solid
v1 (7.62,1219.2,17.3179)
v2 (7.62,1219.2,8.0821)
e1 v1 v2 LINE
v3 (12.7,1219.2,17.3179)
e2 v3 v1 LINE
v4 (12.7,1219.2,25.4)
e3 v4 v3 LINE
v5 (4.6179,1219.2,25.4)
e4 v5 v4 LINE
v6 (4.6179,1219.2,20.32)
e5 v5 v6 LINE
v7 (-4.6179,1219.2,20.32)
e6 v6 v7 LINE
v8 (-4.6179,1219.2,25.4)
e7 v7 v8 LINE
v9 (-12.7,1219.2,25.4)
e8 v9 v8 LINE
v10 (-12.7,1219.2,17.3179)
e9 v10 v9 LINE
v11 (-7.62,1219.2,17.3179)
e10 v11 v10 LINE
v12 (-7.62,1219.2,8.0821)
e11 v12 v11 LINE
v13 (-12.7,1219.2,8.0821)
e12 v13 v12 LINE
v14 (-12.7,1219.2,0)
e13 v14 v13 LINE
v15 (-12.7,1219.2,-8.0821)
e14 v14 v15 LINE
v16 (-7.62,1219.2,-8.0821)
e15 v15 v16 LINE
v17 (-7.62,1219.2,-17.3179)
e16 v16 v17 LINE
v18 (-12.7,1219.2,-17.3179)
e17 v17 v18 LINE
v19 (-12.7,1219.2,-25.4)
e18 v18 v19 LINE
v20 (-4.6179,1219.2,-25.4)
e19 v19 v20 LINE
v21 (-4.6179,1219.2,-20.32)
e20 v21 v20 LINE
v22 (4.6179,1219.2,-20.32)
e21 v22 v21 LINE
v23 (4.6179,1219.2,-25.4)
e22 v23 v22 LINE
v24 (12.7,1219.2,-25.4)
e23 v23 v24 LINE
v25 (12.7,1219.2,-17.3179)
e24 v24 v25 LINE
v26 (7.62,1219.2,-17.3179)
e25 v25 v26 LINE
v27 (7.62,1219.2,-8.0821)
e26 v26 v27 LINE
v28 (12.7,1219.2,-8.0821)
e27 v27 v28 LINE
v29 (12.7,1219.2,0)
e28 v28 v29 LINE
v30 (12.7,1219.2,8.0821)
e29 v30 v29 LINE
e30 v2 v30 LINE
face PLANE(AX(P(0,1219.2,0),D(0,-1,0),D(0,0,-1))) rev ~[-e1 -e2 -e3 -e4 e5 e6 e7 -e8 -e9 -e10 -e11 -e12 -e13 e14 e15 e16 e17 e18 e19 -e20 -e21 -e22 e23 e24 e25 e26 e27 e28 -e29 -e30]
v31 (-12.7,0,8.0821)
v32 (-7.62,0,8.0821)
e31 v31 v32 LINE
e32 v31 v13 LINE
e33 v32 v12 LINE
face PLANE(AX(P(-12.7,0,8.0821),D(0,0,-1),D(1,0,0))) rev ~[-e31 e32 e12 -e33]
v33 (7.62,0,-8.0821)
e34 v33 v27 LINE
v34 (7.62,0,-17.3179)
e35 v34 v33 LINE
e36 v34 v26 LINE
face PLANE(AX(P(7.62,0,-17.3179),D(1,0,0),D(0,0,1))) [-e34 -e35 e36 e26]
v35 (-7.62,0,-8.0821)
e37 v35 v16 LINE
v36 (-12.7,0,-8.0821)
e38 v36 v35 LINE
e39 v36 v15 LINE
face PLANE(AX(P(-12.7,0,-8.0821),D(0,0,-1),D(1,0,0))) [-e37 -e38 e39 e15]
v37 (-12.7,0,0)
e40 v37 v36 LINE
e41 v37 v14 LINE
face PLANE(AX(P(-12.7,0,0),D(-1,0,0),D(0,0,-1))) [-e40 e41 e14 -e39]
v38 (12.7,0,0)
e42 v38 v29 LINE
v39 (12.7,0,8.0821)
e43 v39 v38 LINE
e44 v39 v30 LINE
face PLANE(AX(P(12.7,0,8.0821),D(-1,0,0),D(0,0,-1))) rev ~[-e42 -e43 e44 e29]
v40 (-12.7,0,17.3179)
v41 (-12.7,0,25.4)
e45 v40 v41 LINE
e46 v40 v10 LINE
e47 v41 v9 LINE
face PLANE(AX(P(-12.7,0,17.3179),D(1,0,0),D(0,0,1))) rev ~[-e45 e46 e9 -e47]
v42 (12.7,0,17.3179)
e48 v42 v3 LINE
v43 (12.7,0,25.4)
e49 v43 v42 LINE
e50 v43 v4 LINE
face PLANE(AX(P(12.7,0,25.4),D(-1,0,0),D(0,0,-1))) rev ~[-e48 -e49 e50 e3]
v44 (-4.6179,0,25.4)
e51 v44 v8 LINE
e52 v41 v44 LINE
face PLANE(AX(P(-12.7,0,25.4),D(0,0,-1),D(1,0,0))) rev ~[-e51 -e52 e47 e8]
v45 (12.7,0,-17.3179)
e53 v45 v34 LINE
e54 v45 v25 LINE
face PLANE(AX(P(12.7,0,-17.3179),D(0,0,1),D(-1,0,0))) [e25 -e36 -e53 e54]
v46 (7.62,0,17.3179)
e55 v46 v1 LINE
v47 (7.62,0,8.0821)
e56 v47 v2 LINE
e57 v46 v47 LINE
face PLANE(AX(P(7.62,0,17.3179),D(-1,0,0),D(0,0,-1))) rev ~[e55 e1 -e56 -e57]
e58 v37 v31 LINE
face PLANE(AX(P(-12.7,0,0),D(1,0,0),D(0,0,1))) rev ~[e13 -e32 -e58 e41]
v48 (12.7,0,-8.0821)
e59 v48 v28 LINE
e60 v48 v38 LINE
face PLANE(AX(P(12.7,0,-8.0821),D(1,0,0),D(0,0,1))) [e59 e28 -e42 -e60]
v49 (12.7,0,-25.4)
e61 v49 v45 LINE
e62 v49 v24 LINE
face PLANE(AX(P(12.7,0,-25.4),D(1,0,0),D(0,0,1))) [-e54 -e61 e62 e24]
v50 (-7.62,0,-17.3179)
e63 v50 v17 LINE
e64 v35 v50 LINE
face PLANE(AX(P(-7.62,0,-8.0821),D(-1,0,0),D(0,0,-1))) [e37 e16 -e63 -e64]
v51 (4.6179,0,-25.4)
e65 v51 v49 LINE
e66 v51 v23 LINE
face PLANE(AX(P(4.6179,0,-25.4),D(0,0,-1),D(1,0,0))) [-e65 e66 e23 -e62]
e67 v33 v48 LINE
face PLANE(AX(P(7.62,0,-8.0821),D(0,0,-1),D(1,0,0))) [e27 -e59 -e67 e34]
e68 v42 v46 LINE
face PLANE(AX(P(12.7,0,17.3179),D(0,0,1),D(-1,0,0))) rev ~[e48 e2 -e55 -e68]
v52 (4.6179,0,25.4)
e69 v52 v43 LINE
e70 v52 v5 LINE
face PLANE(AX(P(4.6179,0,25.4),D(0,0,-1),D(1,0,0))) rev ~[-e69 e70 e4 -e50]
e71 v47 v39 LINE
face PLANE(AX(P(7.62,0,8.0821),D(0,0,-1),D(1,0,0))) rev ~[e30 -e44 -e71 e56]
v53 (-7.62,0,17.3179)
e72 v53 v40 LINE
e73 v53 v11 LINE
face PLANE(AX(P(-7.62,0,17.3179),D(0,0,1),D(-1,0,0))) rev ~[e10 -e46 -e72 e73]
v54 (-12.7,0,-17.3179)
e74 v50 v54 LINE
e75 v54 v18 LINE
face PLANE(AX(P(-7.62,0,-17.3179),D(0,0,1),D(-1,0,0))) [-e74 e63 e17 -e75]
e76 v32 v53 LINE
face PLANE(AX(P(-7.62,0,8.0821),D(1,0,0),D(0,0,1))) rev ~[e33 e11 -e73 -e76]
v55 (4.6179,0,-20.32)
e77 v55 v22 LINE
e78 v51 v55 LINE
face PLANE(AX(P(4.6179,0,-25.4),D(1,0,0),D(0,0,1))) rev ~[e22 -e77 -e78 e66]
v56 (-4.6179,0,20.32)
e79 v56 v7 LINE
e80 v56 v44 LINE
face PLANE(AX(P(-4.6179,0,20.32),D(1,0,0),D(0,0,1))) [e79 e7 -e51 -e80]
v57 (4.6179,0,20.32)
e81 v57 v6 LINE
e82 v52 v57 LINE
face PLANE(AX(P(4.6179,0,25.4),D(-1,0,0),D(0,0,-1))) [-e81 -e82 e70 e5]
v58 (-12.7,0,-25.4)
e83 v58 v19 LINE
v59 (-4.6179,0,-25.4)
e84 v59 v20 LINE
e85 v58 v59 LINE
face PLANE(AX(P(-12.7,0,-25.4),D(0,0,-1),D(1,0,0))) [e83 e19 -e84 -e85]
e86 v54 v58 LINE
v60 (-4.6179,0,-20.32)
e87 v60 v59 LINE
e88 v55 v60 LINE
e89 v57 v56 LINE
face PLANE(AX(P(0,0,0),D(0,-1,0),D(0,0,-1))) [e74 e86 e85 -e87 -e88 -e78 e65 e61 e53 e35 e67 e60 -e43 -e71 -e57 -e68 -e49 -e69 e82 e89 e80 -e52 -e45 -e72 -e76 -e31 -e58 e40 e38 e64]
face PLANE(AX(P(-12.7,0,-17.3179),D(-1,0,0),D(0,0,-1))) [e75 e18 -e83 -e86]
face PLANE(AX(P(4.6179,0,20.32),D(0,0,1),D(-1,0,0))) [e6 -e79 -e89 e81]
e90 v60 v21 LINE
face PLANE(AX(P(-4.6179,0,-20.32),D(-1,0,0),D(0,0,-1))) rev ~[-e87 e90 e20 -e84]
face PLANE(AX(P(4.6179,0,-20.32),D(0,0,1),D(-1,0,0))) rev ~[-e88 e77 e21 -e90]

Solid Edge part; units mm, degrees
sketch "Sketch1" plane through (0, 0, 0) normal (0, -1, 0) x (1, 0, 0)
  line L0 (12.7, -25.4) -> (12.7, -17.3179)
  line L1 (12.7, -17.3179) -> (7.62, -17.3179)
  line L2 (7.62, -17.3179) -> (7.62, -8.0821)
  line L3 (7.62, -8.0821) -> (12.7, -8.0821)
  line L4 (12.7, -8.0821) -> (12.7, 0)
  line L5 (12.7, 8.0821) -> (12.7, 0)
  line L6 (7.62, 8.0821) -> (12.7, 8.0821)
  line L7 (7.62, 17.3179) -> (7.62, 8.0821)
  line L8 (12.7, 17.3179) -> (7.62, 17.3179)
  line L9 (12.7, 25.4) -> (12.7, 17.3179)
  line L10 (4.6179, 25.4) -> (12.7, 25.4)
  line L11 (4.6179, 25.4) -> (4.6179, 20.32)
  line L12 (4.6179, 20.32) -> (-4.6179, 20.32)
  line L13 (-4.6179, 20.32) -> (-4.6179, 25.4)
  line L14 (-12.7, 25.4) -> (-4.6179, 25.4)
  line L15 (-12.7, 17.3179) -> (-12.7, 25.4)
  line L16 (-7.62, 17.3179) -> (-12.7, 17.3179)
  line L17 (-7.62, 8.0821) -> (-7.62, 17.3179)
  line L18 (-12.7, 8.0821) -> (-7.62, 8.0821)
  line L19 (-12.7, 0) -> (-12.7, 8.0821)
  line L20 (-12.7, 0) -> (-12.7, -8.0821)
  line L21 (-12.7, -8.0821) -> (-7.62, -8.0821)
  line L22 (-7.62, -8.0821) -> (-7.62, -17.3179)
  line L23 (-7.62, -17.3179) -> (-12.7, -17.3179)
  line L24 (-12.7, -17.3179) -> (-12.7, -25.4)
  line L25 (-12.7, -25.4) -> (-4.6179, -25.4)
  line L26 (-4.6179, -20.32) -> (-4.6179, -25.4)
  line L27 (4.6179, -20.32) -> (-4.6179, -20.32)
  line L28 (4.6179, -25.4) -> (4.6179, -20.32)
  line L29 (4.6179, -25.4) -> (12.7, -25.4)
extrude "Protrusion1" add sketch "Sketch1" against normal blind 1219.2
